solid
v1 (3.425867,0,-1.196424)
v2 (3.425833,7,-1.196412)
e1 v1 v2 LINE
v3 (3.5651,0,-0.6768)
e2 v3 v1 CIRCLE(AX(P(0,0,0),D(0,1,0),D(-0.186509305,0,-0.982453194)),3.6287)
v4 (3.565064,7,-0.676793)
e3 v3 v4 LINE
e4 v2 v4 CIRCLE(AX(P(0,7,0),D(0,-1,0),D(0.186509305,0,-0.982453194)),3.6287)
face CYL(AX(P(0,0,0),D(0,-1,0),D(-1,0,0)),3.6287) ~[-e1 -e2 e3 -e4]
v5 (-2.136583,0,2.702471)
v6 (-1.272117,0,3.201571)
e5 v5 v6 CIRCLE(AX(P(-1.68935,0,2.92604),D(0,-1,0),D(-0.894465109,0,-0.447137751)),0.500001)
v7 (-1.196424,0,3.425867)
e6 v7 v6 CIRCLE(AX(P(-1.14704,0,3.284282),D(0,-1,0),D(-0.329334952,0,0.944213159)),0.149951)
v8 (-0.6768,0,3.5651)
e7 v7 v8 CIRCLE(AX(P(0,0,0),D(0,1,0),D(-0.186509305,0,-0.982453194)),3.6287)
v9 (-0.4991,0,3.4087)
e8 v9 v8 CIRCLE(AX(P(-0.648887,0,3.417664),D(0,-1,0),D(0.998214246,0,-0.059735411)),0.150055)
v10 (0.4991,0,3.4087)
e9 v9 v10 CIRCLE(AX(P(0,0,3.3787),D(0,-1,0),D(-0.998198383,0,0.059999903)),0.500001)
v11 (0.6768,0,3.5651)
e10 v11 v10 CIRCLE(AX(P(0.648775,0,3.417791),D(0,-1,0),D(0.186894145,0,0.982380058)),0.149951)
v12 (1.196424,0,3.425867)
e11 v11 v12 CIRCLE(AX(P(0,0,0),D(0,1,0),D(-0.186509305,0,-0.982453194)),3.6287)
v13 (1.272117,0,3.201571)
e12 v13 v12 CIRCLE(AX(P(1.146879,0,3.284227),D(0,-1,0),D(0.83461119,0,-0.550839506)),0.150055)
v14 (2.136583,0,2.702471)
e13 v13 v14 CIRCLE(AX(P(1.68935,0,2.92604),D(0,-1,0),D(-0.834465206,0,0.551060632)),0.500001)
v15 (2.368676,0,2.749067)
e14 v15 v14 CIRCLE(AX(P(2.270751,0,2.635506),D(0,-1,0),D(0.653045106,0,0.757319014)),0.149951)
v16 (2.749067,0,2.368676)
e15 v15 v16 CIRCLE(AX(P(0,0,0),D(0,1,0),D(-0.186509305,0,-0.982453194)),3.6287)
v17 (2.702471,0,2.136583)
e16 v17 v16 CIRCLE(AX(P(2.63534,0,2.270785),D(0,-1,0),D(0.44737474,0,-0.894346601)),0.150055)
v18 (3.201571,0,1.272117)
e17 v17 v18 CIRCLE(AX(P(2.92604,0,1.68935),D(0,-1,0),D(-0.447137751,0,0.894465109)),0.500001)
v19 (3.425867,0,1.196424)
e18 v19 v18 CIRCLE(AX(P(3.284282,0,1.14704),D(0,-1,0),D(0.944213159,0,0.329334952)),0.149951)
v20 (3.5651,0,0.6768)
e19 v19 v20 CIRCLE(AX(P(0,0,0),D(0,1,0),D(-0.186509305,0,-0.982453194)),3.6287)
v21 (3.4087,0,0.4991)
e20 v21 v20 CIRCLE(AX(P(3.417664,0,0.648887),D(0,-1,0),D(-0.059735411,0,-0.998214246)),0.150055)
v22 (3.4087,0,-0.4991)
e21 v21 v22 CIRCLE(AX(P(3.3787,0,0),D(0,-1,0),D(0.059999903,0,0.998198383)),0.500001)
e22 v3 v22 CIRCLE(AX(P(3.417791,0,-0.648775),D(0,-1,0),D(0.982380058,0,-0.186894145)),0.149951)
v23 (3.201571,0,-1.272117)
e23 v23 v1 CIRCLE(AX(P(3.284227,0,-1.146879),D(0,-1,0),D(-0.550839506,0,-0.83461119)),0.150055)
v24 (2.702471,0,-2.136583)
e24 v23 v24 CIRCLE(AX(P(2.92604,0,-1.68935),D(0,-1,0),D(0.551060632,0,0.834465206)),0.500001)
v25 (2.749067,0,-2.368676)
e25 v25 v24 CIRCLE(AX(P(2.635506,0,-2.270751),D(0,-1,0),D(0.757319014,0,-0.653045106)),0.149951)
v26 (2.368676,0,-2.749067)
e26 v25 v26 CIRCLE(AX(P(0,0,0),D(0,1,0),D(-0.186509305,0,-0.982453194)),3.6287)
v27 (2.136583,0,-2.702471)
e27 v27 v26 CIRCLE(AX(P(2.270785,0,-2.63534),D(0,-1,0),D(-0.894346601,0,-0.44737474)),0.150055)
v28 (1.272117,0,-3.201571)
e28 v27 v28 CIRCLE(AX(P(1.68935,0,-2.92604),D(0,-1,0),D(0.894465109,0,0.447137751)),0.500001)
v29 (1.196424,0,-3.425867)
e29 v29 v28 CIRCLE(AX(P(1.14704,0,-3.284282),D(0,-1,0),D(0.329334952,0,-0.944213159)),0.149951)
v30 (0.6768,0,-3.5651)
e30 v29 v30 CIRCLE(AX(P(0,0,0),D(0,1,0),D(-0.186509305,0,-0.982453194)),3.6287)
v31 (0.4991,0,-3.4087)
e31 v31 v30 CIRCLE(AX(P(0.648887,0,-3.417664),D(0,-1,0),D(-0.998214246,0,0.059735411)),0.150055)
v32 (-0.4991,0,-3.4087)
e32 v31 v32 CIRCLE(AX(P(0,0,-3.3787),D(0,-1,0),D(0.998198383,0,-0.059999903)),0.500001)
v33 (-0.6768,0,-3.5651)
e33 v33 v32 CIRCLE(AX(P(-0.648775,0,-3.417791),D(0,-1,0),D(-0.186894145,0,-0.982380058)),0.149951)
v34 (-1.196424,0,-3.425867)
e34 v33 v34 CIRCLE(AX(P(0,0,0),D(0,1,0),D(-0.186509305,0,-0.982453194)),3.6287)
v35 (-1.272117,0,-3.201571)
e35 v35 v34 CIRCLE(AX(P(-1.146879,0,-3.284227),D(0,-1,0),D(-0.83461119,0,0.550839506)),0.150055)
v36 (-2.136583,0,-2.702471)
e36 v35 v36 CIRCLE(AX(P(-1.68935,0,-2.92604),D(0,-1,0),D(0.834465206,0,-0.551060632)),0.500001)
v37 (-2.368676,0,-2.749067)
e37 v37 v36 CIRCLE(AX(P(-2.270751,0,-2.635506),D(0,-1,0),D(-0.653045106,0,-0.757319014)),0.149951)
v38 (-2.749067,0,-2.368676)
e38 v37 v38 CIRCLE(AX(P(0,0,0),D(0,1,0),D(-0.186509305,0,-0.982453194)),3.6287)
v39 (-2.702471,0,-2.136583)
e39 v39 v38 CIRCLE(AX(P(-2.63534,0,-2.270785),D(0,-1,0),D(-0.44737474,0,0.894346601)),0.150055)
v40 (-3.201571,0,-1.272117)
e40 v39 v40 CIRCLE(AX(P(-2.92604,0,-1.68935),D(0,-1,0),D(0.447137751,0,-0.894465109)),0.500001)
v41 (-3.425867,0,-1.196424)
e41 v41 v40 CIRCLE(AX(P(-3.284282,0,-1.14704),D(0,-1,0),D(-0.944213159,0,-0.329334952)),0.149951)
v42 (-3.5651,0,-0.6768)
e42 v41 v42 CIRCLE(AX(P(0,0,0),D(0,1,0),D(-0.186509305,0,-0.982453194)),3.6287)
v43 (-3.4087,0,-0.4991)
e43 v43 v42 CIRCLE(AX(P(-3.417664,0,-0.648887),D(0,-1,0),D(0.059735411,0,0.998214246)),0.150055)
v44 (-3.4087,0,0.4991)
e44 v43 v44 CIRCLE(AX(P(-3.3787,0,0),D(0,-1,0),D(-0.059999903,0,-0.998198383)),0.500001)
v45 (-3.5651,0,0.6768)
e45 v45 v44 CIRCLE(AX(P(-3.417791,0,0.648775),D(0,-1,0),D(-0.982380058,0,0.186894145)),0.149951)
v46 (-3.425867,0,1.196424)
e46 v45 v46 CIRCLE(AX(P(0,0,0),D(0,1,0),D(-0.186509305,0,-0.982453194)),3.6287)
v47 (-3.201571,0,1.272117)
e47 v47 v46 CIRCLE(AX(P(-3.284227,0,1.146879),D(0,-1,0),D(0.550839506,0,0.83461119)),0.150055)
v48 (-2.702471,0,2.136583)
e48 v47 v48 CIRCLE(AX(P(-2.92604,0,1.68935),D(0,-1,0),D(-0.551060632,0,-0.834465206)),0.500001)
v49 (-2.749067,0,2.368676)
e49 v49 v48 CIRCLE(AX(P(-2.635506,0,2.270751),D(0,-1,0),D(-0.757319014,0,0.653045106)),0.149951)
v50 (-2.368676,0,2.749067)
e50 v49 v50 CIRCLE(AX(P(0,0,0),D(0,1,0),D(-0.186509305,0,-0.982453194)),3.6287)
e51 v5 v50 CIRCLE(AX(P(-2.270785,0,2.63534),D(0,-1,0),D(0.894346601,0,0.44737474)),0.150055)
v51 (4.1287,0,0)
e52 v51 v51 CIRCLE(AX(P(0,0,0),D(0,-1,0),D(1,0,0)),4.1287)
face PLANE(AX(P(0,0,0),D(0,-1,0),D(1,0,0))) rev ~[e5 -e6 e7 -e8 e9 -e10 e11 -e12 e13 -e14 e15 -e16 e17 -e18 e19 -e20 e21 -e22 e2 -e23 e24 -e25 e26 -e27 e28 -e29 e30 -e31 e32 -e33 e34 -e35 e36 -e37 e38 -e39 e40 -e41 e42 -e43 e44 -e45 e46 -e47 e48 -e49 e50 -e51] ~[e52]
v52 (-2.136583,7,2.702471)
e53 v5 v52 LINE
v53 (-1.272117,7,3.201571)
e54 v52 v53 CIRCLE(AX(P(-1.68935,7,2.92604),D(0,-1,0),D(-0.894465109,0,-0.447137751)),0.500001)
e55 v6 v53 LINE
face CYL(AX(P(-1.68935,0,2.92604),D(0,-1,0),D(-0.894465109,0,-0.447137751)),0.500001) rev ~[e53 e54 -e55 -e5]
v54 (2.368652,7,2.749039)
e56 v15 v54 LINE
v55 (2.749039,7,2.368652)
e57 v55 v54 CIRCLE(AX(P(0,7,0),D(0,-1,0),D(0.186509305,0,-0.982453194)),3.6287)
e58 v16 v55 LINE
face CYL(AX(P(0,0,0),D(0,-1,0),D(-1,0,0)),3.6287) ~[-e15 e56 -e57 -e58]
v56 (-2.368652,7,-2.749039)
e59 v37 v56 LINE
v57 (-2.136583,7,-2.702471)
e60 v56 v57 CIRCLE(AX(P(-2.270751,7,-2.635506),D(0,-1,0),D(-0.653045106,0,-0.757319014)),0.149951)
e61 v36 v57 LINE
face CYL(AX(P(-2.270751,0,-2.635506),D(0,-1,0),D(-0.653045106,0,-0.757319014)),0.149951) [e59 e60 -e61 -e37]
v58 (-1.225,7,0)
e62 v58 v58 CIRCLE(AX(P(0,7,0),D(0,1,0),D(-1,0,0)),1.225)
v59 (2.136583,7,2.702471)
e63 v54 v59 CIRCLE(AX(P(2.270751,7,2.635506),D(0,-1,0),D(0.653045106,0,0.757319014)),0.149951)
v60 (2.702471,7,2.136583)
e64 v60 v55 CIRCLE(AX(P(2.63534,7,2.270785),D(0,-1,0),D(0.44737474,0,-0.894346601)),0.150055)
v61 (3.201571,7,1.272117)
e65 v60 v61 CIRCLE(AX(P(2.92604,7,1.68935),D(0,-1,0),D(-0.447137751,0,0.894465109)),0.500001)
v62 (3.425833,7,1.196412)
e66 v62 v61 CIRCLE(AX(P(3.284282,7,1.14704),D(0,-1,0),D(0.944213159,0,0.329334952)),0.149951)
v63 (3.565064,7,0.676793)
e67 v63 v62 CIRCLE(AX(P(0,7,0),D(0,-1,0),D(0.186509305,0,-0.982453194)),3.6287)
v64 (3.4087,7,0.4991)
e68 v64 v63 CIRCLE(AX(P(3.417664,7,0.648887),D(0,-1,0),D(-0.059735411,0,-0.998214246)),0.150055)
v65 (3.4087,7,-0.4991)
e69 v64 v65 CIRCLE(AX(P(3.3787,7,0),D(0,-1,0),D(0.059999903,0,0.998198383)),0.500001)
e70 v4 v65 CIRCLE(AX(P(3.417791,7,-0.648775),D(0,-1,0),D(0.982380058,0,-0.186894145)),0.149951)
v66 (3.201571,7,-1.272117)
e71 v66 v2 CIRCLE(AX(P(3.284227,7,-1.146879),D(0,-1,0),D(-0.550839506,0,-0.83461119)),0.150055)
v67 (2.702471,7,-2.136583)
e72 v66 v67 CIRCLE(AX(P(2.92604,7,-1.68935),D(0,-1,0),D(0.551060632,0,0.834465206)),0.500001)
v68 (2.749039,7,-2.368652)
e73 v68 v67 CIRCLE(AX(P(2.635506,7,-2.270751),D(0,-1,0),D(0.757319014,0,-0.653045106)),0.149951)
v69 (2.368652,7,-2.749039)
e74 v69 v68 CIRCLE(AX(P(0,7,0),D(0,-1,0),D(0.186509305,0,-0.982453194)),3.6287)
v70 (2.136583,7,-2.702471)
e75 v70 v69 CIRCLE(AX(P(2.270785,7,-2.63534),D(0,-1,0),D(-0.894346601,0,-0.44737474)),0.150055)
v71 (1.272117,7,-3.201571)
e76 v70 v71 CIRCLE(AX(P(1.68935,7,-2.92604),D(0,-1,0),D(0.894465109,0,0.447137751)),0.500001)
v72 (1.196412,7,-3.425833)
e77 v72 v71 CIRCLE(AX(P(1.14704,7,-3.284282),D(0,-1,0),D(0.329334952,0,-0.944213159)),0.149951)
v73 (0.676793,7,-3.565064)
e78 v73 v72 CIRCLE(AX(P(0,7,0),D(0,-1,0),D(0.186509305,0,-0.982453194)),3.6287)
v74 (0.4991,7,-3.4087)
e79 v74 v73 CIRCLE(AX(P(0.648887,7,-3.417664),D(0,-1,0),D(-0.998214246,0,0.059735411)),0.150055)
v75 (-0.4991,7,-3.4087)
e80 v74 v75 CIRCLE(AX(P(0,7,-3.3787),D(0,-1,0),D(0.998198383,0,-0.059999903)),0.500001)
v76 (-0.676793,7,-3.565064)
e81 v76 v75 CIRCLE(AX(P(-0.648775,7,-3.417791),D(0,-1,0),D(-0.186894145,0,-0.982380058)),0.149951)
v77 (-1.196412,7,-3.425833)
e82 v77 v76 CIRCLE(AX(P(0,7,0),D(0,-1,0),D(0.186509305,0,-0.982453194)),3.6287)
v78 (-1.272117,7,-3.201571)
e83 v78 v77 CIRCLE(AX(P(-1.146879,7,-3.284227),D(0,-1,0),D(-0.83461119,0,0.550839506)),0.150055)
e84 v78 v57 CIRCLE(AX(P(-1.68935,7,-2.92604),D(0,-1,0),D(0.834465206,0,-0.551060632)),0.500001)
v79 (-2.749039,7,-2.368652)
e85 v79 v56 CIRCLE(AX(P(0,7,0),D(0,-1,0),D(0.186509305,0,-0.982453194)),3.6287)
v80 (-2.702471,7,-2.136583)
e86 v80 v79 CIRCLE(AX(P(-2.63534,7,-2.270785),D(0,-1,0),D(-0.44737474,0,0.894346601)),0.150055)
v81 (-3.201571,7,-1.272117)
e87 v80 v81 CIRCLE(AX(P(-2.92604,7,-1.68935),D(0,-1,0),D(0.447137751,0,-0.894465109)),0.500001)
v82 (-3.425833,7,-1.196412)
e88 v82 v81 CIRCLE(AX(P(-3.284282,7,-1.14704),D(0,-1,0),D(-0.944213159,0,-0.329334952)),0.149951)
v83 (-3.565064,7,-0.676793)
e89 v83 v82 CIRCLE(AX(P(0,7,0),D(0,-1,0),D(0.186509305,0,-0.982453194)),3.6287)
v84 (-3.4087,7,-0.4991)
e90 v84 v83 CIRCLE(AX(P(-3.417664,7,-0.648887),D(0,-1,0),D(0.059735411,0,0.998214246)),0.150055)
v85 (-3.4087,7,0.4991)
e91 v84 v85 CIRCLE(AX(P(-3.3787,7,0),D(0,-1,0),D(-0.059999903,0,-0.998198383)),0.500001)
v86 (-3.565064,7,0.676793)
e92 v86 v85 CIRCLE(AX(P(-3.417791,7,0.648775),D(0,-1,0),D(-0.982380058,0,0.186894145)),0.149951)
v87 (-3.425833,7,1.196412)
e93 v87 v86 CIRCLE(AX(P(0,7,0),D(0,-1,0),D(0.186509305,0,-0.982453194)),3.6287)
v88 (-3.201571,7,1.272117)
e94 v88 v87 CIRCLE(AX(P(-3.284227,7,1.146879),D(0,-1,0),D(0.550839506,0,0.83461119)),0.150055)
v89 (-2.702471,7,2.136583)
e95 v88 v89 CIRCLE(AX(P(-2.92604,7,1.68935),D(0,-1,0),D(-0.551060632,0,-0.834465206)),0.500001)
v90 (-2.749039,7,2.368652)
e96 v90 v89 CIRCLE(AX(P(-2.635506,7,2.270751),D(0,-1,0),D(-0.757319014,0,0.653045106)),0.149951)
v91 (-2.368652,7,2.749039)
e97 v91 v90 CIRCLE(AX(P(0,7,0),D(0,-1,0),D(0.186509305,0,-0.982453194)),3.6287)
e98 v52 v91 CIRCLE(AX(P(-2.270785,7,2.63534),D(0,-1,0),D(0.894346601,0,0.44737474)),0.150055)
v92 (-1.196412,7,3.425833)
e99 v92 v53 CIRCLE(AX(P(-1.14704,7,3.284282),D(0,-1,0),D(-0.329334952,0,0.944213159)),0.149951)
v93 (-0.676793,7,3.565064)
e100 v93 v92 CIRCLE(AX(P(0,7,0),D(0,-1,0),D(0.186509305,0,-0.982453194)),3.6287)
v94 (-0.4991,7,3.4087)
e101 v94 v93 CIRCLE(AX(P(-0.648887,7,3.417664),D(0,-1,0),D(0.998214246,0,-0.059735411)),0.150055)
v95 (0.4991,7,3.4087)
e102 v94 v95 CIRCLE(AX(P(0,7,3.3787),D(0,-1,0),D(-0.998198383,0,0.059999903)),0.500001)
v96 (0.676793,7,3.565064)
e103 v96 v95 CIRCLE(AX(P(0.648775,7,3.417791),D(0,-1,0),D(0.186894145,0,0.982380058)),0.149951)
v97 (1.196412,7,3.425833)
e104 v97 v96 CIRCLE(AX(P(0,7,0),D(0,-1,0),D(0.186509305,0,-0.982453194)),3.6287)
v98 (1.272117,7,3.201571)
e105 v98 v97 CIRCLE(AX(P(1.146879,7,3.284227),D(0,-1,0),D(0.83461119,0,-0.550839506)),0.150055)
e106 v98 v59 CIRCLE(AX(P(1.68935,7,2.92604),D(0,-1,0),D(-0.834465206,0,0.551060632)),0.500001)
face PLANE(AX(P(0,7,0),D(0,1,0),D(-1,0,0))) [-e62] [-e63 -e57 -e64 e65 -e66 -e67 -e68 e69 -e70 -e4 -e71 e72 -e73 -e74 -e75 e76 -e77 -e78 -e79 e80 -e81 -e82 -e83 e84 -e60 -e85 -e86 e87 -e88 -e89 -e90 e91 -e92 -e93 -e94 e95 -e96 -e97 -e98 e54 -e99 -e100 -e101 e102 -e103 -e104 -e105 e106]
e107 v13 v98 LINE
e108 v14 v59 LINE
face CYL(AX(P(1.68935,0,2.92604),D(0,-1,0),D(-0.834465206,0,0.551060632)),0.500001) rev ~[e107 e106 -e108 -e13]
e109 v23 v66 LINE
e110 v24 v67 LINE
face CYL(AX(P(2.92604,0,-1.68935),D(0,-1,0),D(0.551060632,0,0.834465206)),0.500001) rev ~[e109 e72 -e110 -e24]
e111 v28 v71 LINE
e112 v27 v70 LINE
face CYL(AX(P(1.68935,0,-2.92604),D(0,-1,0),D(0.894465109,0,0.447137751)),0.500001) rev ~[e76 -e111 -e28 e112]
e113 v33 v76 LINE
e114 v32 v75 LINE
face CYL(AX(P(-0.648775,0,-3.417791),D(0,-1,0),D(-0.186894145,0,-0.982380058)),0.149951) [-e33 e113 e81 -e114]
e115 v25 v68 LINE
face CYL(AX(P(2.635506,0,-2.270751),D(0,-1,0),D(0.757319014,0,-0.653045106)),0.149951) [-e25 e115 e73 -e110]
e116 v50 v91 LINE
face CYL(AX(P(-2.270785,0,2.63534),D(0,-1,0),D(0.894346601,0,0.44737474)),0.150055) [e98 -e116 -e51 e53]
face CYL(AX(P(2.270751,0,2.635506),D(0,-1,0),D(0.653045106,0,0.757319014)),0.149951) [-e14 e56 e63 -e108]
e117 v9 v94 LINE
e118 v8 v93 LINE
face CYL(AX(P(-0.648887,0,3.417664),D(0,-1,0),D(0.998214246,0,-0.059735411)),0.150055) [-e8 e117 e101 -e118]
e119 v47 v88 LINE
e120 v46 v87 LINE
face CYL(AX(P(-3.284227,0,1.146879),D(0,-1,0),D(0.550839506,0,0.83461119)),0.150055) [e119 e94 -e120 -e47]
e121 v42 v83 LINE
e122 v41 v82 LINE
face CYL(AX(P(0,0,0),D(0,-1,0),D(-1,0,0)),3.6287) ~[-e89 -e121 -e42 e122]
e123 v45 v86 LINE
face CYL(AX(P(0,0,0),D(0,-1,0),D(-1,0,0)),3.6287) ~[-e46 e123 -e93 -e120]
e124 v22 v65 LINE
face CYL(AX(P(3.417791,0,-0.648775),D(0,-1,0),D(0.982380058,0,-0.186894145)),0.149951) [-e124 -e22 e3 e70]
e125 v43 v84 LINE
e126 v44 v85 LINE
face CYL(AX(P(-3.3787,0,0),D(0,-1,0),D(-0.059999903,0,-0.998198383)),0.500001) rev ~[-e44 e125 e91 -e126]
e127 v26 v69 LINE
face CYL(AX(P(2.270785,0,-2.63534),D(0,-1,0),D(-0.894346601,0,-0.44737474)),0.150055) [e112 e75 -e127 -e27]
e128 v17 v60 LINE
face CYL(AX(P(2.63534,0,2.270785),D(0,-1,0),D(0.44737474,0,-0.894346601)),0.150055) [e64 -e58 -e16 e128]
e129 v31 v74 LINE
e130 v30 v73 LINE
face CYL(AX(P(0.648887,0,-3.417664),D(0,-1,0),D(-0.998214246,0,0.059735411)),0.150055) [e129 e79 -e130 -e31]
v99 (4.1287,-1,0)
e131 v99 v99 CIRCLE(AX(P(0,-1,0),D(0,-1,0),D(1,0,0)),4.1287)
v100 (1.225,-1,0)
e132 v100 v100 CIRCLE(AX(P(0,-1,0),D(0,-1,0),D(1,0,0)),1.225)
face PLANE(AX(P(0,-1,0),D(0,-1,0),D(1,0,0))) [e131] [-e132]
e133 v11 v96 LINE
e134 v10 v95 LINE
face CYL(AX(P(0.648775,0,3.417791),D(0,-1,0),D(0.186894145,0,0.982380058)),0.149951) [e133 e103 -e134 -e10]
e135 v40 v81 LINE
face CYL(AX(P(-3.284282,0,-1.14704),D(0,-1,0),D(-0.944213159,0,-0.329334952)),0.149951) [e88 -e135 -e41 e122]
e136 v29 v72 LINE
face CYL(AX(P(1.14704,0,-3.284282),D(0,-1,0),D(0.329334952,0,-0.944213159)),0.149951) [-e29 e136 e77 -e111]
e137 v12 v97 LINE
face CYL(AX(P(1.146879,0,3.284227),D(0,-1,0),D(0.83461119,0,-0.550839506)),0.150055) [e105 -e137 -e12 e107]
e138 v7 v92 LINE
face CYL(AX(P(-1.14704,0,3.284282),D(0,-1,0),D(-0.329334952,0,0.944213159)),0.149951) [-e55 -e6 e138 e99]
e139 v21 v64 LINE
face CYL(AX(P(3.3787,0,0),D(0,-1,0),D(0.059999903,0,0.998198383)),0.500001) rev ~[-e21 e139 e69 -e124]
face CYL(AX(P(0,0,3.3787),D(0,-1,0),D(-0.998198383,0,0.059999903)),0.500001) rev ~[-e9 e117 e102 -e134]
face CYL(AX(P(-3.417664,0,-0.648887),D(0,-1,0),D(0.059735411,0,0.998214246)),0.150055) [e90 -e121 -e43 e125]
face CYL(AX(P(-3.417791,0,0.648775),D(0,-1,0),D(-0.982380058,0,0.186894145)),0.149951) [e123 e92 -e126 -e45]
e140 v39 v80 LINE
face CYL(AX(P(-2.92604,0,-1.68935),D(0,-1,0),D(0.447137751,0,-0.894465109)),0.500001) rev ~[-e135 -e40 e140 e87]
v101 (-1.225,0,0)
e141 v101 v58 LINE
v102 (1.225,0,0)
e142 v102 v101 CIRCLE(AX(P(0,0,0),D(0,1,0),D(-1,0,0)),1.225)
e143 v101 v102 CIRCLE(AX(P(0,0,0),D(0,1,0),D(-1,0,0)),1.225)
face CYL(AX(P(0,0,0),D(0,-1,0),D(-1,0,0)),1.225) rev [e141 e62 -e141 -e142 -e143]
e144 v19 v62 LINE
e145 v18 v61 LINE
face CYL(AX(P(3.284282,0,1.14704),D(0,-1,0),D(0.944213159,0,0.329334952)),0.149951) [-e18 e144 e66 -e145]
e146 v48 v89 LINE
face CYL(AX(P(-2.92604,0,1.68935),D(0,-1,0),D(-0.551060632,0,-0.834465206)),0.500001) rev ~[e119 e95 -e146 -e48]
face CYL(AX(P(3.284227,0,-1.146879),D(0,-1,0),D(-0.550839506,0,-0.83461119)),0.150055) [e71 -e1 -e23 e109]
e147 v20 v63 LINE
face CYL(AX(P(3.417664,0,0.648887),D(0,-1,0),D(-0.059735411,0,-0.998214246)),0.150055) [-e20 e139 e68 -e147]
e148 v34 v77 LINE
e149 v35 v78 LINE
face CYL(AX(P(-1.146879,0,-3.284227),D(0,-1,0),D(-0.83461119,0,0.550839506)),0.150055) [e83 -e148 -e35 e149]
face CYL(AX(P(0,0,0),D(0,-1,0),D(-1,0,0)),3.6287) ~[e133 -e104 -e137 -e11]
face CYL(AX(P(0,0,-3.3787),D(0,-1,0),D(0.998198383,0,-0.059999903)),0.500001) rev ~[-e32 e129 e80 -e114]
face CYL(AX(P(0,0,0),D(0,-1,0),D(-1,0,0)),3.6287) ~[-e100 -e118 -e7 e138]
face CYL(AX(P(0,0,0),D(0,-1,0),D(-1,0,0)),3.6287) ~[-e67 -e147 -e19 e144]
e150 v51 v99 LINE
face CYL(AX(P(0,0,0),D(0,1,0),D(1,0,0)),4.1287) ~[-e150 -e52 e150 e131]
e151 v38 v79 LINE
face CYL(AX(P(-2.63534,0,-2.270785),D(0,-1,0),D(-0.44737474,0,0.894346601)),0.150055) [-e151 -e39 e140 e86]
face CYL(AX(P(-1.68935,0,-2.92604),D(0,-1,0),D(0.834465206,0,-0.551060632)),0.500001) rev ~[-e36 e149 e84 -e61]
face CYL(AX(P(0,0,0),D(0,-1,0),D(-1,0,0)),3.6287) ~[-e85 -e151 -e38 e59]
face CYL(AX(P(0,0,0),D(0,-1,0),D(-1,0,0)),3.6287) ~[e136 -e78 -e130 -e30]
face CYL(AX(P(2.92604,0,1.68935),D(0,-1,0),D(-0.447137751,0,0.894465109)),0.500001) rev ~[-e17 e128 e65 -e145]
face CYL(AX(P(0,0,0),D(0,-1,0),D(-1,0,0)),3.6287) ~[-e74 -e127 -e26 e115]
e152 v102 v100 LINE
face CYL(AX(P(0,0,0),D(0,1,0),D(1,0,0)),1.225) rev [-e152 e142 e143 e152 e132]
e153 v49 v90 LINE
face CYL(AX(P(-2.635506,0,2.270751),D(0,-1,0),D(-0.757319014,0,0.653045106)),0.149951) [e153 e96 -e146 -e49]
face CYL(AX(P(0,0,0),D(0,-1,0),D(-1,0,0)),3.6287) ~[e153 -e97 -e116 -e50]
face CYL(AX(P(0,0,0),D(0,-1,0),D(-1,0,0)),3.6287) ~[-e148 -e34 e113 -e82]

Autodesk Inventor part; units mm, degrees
ref_plane "YZ Plane" through (0, 0, 0) normal (1, 0, 0) x (0, 1, 0)
ref_plane "XZ Plane" through (0, 0, 0) normal (0, 1, 0) x (-1, 0, 0)
ref_plane "XY Plane" through (0, 0, 0) normal (0, 0, 1) x (1, 0, 0)
sketch "Sketch1" plane through (0, 0, 0) normal (0, 1, 0) x (-1, 0, 0)
  circle A0 centre (0, 0) radius 1.225
  circle A1 centre (0, 0) radius 3.6287
  dimension "BoreD" = 2.45
  dimension "OuterD" = 7.2575
extrude "Extrusion1" add sketch "Sketch1" along normal blind 7
sketch "Sketch2" plane through (0, 0, 0) normal (0, -1, 0) x (1, 0, 0)
  circle A0 centre (0, 0) radius 3.6287 projected
  arc A1 (0.4991, -3.4087) -> (0.6768, -3.5651) centre (0.6488, -3.4177) ccw
  arc A2 (0.4991, -3.4087) -> (-0.4991, -3.4087) centre (0, -3.3787) ccw
  arc A3 (-0.6768, -3.5651) -> (-0.4991, -3.4087) centre (-0.6488, -3.4177) ccw
  point P0 (0, -3.6287)
  dimension "d9" = 0.5
  dimension "d10" = 0.15
  dimension "Depth" = 0.25
extrude "Extrusion2" cut sketch "Sketch2" against normal up to next contours A3 A2 A1 A0 picked at (0, -3.374)
pattern_circular "Circular Pattern1" count 12 over 360 about axis through (0, -10, 0) along (0, 1, 0) of "Extrusion2"
sketch "Sketch3" plane through (0, 0, 0) normal (0, -1, 0) x (1, 0, 0)
  circle A0 centre (0, 0) radius 4.1287
  circle A1 centre (0, 0) radius 1.225
  dimension "FaceD" = 8.2575
  dimension "d18" = 2.45
extrude "Extrusion3" add sketch "Sketch3" along normal blind 1
equation "\"OuterD\" = 0.604789 * Teeth"
equation "\"Depth\" = Pitch"
equation "\"d18\" = BoreD"
equation "\"BeltWidth\" = 6"
equation "\"Pitch\" = 0.25"
equation "\"Teeth\" = 12"
properties part number "GT2 Gear"
